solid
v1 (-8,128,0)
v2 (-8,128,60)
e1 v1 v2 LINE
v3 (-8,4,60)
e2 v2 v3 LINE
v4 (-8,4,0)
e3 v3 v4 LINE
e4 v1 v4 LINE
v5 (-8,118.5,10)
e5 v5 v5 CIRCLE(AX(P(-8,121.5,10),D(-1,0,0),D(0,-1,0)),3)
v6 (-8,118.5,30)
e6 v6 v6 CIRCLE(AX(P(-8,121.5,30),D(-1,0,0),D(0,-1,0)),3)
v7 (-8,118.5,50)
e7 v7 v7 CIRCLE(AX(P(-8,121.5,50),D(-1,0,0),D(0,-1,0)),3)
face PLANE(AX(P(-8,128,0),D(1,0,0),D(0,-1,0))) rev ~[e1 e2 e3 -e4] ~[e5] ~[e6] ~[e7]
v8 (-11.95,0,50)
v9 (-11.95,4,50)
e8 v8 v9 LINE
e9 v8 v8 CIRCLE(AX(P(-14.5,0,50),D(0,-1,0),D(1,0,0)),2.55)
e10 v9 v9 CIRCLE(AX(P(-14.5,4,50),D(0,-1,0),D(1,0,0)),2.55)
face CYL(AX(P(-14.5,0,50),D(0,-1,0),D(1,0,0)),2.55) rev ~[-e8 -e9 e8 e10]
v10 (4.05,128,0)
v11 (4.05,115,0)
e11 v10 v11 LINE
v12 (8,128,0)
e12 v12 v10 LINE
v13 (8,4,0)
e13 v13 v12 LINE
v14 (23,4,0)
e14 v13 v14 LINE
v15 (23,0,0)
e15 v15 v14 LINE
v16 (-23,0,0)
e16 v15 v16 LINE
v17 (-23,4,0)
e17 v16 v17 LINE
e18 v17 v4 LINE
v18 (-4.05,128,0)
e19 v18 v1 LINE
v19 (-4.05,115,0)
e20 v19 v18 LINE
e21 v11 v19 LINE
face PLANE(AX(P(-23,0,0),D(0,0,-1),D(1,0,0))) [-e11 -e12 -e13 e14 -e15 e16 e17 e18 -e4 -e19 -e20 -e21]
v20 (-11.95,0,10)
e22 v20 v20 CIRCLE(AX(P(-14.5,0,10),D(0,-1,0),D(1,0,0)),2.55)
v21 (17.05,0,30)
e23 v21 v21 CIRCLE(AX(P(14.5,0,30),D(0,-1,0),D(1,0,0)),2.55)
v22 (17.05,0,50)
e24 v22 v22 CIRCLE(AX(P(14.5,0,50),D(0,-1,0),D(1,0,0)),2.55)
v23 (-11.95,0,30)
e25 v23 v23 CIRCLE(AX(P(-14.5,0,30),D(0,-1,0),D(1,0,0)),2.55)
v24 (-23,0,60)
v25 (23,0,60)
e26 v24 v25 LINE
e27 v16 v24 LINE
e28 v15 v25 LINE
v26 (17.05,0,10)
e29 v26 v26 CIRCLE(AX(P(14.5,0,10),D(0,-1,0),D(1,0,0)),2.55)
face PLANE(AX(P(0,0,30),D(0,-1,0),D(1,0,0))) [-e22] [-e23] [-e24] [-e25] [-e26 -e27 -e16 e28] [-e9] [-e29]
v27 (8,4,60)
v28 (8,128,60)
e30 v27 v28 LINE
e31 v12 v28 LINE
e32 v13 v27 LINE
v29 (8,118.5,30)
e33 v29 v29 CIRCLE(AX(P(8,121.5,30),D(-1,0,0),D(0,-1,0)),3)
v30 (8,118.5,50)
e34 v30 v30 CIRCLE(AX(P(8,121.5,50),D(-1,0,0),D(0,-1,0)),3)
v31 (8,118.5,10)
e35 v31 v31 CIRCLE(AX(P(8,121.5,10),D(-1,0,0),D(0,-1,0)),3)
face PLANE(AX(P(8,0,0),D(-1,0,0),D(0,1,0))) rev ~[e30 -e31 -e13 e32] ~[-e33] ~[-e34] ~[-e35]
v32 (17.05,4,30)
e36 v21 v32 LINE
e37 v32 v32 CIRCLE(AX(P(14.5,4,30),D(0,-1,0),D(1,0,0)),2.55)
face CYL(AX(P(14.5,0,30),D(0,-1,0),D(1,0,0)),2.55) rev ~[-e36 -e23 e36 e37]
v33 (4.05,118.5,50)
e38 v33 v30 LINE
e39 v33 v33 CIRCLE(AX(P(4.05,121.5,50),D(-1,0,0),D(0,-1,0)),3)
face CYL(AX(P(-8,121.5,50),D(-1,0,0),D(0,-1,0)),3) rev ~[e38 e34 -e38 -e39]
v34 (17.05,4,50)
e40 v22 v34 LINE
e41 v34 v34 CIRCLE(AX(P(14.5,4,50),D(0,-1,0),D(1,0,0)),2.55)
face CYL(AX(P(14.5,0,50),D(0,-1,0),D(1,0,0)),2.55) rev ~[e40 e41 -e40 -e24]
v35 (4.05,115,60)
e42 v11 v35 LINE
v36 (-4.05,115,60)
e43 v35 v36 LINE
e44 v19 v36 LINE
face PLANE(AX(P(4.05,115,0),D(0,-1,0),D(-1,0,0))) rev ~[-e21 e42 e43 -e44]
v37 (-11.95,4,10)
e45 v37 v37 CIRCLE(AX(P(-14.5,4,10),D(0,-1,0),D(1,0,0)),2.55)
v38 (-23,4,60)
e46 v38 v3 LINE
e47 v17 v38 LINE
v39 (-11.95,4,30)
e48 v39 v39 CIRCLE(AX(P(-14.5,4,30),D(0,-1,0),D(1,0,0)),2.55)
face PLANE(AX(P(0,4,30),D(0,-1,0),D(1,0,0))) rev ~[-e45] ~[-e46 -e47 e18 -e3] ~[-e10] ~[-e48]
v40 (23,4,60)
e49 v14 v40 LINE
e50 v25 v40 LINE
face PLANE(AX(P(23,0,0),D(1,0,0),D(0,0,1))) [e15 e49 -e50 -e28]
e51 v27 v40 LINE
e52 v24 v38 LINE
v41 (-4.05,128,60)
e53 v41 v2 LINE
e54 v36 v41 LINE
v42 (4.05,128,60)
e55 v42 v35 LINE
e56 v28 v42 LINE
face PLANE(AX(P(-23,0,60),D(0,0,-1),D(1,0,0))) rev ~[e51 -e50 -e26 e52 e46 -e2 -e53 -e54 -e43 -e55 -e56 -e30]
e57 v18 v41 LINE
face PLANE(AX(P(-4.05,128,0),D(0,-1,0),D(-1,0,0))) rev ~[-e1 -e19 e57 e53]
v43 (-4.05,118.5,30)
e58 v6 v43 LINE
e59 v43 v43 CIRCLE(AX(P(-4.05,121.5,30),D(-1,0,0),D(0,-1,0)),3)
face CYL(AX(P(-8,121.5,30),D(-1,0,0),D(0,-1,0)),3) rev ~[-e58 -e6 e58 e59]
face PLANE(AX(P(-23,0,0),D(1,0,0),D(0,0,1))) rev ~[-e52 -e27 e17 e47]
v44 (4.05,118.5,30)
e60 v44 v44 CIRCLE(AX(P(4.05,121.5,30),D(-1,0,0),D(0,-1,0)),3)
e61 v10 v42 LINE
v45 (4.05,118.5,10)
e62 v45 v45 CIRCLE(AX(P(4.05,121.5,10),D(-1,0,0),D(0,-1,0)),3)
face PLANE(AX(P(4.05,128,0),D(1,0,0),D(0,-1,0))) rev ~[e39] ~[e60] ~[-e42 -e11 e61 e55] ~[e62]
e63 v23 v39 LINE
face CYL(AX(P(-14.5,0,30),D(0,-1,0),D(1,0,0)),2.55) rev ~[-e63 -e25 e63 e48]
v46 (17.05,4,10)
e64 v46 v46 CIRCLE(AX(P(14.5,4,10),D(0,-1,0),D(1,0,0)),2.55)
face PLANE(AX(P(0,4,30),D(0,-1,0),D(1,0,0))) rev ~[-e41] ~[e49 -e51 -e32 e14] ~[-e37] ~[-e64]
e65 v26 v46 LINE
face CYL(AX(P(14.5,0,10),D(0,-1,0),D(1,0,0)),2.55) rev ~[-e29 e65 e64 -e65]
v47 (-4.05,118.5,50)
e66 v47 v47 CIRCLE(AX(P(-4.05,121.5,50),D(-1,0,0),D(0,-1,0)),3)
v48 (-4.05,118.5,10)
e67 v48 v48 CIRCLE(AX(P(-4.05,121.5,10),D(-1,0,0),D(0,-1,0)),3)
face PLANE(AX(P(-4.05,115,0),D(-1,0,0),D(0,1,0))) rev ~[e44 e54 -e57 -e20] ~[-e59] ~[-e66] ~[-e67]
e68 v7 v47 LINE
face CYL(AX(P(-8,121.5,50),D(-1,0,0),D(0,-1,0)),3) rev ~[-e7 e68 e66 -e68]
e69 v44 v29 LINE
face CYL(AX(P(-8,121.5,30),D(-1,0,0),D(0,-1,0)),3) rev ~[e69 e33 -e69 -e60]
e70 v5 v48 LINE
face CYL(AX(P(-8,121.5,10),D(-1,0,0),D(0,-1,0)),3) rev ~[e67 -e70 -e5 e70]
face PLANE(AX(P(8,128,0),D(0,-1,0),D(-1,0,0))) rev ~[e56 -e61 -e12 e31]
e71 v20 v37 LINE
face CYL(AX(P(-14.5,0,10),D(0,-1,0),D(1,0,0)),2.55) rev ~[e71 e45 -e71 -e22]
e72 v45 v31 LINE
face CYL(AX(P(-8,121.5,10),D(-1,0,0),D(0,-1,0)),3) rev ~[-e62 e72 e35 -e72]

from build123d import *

# Parameters (mm, degrees)
PAD_DEPTH    = 60
SKETCH001_R  = 3
HOLE_DEPTH   = 25
SKETCH002_W  = 46
SKETCH002_H  = 60
SKETCH002_R  = 2.55
PAD001_DEPTH = 4


with BuildPart() as part:
    # Sketch → Pad (new body)
    with BuildSketch(Plane.XY):
        Polygon((-8, 0), (8, 0), (8, 128), (4.05, 128), (4.05, 115), (-4.05, 115), (-4.05, 128), (-8, 128), align=None)
    extrude(amount=PAD_DEPTH)

    # Sketch001 (on Face8 of Pad) → Hole (cut)
    with BuildSketch(Plane(origin=(-8, 0, 0), x_dir=(0, -1, 0), z_dir=(-1, 0, 0))):
        with Locations((-121.5, 30)):
            Circle(SKETCH001_R)
        with Locations((-121.5, 10)):
            Circle(SKETCH001_R)
        with Locations((-121.5, 50)):
            Circle(SKETCH001_R)
    extrude(amount=-HOLE_DEPTH, mode=Mode.SUBTRACT)

    # Sketch002 (on Face1 of Hole) → Pad001 (join)
    with BuildSketch(Plane.XZ):
        with Locations((0, 30)):
            Rectangle(SKETCH002_W, SKETCH002_H)
        with Locations((-14.5, 30)):
            Circle(SKETCH002_R, mode=Mode.SUBTRACT)
        with Locations((-14.5, 10)):
            Circle(SKETCH002_R, mode=Mode.SUBTRACT)
        with Locations((14.5, 30)):
            Circle(SKETCH002_R, mode=Mode.SUBTRACT)
        with Locations((14.5, 10)):
            Circle(SKETCH002_R, mode=Mode.SUBTRACT)
        with Locations((-14.5, 50)):
            Circle(SKETCH002_R, mode=Mode.SUBTRACT)
        with Locations((14.5, 50)):
            Circle(SKETCH002_R, mode=Mode.SUBTRACT)
    extrude(amount=-PAD001_DEPTH)


solid = part.part
